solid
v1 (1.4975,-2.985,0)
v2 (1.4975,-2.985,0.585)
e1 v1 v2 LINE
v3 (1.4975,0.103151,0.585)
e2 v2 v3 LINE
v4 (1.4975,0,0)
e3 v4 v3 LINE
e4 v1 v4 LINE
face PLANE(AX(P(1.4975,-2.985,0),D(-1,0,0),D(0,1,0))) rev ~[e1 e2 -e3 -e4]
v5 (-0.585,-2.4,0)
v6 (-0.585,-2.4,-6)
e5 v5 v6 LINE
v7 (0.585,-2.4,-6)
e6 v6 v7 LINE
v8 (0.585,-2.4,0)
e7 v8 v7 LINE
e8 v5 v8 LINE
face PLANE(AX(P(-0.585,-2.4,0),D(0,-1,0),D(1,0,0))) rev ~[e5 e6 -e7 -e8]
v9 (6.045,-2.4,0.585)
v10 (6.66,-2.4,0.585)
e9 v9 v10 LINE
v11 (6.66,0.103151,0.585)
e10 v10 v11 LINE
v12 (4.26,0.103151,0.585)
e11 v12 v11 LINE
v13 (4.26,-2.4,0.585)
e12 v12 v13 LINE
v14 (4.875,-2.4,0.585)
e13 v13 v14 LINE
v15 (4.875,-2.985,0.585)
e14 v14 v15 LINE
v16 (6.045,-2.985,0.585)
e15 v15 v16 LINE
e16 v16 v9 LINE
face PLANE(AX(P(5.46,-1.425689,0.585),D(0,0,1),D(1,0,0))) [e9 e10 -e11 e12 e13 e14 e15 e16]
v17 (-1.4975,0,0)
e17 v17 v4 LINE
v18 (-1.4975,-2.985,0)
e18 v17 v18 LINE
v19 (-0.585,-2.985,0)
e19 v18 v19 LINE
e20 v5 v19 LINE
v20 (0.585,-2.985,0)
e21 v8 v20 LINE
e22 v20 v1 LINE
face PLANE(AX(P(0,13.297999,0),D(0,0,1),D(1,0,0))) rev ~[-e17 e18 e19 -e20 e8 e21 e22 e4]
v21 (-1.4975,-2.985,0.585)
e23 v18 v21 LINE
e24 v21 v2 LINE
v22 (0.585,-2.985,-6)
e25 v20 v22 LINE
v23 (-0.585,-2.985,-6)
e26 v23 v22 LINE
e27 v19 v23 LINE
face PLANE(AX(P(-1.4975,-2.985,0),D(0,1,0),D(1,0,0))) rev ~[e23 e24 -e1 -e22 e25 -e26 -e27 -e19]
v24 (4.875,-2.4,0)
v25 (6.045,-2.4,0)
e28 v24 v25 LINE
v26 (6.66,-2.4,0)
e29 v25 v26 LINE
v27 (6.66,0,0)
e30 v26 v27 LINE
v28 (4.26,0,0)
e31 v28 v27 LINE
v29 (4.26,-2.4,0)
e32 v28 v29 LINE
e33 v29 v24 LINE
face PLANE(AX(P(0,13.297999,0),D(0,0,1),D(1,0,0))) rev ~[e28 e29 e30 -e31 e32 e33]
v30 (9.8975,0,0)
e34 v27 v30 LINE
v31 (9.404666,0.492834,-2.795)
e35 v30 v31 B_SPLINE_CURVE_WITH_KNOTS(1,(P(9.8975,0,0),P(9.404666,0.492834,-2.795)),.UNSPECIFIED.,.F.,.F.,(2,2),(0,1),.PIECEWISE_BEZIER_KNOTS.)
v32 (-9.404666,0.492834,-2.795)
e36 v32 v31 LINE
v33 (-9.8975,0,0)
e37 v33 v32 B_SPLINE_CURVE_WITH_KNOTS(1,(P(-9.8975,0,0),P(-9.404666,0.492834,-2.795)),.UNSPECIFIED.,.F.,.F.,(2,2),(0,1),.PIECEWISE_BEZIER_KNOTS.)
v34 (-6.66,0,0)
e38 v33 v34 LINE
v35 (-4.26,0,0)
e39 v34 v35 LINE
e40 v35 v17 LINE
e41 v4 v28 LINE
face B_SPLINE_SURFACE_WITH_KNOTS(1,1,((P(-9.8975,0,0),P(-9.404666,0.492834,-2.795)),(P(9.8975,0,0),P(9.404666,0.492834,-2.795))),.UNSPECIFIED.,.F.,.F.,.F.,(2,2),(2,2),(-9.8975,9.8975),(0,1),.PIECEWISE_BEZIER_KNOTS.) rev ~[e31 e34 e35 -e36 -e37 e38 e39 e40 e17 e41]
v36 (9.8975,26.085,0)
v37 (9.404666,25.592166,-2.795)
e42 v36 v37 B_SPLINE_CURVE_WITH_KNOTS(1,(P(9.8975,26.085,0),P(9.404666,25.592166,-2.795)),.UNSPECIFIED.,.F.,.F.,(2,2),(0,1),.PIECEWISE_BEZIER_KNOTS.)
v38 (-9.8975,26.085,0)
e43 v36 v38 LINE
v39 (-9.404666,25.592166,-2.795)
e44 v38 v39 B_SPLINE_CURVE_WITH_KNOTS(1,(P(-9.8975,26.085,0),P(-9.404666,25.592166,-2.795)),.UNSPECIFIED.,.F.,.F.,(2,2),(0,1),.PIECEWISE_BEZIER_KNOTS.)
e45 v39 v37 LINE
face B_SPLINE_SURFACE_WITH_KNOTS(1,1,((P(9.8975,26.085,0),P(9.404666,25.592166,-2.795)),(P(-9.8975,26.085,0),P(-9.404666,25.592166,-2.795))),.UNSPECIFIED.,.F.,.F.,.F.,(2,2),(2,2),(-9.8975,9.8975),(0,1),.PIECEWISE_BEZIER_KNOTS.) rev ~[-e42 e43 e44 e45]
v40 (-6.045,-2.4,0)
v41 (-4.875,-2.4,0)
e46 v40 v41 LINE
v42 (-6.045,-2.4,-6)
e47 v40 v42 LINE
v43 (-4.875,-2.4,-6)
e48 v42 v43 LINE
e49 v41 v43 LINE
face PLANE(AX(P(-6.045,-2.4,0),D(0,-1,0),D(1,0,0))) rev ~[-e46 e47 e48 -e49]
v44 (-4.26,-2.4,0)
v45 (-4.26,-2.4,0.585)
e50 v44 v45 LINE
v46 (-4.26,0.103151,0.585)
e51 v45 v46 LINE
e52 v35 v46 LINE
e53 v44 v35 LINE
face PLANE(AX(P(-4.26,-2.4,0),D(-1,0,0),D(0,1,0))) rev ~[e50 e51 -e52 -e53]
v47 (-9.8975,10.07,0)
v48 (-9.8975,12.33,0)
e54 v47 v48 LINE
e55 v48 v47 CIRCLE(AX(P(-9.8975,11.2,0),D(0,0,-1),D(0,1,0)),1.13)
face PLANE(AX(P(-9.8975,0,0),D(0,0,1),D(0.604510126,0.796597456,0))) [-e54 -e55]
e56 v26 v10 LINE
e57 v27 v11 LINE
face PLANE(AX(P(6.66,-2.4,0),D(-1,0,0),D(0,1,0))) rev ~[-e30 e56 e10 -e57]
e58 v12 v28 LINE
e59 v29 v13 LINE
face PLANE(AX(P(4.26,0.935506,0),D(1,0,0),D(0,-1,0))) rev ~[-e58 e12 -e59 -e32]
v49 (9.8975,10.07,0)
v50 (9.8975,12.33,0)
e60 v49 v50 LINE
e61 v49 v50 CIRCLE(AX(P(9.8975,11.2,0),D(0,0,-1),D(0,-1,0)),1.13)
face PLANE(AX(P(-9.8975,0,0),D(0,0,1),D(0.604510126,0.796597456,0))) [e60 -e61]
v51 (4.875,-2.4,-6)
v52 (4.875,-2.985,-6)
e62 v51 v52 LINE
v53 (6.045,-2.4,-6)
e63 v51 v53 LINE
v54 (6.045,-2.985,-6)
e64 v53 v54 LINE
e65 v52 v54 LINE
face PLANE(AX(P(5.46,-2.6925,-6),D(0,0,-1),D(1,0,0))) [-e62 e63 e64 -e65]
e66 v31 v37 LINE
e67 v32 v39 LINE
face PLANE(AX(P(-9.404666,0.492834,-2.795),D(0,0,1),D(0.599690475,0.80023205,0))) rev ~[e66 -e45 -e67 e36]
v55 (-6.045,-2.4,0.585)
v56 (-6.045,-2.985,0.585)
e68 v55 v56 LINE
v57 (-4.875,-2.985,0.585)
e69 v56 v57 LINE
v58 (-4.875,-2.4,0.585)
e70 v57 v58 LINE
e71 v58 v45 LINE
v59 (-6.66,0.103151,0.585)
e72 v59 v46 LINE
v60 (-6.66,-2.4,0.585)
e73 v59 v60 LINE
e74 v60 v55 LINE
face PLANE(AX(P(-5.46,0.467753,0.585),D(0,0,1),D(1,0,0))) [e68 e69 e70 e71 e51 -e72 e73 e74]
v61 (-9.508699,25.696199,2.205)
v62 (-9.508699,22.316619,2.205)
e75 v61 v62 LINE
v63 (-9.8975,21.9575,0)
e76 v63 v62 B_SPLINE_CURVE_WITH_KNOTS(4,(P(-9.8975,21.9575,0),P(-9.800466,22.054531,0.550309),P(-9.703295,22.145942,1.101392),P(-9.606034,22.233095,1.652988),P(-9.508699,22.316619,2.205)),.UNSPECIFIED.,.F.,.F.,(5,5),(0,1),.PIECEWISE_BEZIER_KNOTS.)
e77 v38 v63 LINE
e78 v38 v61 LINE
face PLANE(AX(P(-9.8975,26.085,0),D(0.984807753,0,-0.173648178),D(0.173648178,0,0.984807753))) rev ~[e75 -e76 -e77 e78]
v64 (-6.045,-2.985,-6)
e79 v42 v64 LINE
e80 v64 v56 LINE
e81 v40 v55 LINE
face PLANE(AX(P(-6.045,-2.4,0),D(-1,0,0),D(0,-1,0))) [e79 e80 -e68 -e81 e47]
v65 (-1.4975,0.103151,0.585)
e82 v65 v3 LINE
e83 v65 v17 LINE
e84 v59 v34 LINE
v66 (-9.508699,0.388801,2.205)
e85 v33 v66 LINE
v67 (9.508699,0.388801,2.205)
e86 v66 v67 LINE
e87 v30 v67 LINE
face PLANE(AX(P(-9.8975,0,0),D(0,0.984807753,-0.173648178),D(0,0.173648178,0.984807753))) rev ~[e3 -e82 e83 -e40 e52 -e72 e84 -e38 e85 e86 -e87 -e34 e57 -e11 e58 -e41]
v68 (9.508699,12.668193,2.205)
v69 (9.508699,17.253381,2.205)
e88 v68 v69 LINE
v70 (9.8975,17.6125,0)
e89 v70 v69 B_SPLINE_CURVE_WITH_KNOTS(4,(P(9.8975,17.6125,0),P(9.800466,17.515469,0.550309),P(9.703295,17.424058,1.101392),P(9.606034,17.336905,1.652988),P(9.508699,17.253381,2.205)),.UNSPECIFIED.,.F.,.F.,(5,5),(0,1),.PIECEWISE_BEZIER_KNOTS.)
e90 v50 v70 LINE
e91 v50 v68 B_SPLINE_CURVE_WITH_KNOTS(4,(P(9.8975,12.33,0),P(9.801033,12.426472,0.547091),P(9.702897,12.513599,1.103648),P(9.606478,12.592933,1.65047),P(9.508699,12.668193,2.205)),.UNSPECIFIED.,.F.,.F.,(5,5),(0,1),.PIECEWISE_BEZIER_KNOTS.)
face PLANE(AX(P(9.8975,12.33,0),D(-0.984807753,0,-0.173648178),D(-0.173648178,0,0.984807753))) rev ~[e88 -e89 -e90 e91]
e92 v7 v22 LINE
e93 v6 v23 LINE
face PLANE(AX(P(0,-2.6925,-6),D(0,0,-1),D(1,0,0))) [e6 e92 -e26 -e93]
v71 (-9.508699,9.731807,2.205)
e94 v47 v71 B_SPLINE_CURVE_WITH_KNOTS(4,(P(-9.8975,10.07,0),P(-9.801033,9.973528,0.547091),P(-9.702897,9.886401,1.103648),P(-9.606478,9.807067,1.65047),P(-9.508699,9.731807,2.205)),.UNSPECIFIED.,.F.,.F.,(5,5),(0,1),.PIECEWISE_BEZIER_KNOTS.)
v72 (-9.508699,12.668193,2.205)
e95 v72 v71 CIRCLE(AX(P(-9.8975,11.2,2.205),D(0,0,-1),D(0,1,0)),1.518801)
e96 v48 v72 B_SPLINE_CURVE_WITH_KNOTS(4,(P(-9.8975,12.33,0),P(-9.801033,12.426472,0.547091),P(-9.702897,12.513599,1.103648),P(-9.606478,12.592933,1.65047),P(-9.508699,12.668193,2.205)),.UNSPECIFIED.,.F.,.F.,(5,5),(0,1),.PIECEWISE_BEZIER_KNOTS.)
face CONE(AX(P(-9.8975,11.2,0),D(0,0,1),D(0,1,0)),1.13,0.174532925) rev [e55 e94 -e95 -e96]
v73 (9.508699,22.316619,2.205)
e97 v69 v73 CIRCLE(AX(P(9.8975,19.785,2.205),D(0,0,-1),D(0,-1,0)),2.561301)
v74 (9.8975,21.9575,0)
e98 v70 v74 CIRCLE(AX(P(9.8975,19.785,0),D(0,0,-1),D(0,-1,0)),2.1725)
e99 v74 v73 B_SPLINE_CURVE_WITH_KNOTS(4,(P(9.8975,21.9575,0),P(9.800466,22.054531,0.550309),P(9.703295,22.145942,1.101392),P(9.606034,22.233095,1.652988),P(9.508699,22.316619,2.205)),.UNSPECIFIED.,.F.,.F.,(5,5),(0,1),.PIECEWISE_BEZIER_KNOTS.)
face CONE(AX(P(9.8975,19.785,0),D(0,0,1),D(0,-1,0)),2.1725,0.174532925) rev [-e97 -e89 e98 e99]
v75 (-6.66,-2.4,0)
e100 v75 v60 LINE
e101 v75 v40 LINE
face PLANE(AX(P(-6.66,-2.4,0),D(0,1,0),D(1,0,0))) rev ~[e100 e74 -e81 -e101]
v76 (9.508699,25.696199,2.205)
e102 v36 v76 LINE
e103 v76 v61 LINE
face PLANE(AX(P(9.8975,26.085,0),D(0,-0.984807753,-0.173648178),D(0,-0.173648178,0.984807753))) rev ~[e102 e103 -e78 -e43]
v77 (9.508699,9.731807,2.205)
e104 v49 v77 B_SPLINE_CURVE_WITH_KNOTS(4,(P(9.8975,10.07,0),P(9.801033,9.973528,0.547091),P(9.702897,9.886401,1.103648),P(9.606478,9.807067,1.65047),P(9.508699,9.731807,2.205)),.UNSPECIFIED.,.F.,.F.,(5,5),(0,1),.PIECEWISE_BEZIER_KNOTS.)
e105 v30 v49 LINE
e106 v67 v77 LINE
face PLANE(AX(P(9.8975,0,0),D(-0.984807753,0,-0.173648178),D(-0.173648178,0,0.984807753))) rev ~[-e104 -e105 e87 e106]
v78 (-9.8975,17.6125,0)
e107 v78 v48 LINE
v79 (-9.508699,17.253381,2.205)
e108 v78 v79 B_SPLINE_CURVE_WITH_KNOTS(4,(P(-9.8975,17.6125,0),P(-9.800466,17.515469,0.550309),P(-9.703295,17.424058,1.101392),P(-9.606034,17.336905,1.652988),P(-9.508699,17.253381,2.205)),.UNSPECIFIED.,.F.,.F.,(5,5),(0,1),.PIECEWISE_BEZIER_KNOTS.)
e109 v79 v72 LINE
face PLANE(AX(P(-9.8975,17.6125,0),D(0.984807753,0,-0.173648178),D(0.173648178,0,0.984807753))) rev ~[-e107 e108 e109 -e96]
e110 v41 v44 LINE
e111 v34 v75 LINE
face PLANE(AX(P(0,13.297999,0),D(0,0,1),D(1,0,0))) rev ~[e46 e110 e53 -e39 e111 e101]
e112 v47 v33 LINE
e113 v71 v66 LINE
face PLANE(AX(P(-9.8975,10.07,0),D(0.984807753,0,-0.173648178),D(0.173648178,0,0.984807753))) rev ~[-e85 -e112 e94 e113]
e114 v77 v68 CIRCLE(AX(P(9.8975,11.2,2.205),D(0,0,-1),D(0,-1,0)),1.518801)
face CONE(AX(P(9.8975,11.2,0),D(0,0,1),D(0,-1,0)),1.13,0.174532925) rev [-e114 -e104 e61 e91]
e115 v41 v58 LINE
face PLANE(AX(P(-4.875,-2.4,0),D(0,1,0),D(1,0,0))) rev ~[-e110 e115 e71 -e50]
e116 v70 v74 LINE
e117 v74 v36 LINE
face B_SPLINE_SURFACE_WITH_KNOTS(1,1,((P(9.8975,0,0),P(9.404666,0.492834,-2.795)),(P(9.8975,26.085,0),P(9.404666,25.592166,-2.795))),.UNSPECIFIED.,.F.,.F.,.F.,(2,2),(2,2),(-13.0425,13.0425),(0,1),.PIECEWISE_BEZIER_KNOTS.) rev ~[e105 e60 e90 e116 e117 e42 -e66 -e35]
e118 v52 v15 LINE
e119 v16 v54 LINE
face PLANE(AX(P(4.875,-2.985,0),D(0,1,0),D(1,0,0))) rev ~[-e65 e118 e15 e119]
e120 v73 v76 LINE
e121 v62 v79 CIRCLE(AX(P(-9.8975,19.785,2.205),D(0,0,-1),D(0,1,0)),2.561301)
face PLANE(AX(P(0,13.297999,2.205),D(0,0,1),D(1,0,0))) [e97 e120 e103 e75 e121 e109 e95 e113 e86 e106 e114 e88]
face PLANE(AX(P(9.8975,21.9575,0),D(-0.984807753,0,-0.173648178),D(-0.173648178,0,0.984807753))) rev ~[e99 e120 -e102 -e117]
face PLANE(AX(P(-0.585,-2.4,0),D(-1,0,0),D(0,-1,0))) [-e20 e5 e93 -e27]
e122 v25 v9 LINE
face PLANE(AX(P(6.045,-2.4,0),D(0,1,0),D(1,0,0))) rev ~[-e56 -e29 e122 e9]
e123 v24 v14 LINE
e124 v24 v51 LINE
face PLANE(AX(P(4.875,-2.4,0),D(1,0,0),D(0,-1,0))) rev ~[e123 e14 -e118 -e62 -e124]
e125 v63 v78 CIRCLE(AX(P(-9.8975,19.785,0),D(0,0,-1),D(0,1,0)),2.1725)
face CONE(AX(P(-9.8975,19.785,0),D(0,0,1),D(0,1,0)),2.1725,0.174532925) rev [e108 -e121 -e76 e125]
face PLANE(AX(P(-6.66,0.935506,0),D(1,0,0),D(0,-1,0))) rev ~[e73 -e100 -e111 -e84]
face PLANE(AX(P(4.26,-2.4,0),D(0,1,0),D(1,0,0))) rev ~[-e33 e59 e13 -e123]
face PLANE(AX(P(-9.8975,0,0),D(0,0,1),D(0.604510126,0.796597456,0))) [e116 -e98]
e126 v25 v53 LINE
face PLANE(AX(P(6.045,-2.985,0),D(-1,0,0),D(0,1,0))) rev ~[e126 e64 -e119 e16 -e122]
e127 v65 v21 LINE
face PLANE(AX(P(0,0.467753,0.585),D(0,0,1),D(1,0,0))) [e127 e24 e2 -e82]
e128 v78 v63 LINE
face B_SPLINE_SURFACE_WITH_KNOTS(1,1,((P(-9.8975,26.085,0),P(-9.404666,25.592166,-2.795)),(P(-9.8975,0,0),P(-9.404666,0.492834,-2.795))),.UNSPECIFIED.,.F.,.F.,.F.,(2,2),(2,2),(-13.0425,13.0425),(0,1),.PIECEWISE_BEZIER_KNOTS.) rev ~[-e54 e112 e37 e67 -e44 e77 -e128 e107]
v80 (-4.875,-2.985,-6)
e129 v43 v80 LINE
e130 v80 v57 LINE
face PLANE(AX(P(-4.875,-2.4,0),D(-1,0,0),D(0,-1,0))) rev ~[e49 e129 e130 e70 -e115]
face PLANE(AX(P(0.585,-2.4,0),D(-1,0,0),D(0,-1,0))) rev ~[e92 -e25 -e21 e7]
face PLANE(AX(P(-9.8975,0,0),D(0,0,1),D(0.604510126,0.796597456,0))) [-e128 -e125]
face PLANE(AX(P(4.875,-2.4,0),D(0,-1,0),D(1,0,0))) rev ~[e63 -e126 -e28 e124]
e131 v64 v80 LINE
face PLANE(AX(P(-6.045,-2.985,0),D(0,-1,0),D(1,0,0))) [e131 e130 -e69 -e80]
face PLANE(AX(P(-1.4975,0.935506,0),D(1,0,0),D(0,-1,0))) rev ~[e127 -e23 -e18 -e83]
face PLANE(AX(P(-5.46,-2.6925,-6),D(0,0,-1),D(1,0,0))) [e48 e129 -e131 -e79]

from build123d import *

# Parameters (mm, degrees)
F4_DEPTH  = 2.205
F4_TAPER  = 10
F5_W      = 2.995
F5_H      = 0.9355060756
F5_H_2    = 2.985
F5_W_2    = 2.4
F6_DEPTH  = 0.585
F7_W      = 19.795
F7_H      = 26.085
F8_DEPTH  = 2.795
F8_TAPER  = 10
F9_W      = 1.17
F9_H      = 0.585
F10_DEPTH = 6


with BuildPart() as f4:
    # F3 (on Top) → F4 (new body)
    with BuildSketch(Plane.XY):
        with BuildLine():
            Line((9.8975, 21.9575), (9.8975, 26.085))
            Line((9.8975, 26.085), (-9.8975, 26.085))
            Line((-9.8975, 26.085), (-9.8975, 21.9575))
            ThreePointArc((-9.8975, 21.9575), (-7.725, 19.785), (-9.8975, 17.6125))
            Line((-9.8975, 17.6125), (-9.8975, 12.33))
            ThreePointArc((-9.8975, 12.33), (-8.7675, 11.2), (-9.8975, 10.07))
            Line((-9.8975, 10.07), (-9.8975, 0))
            Line((-9.8975, 0), (9.8975, 0))
            Line((9.8975, 0), (9.8975, 10.07))
            ThreePointArc((9.8975, 10.07), (8.7675, 11.2), (9.8975, 12.33))
            Line((9.8975, 12.33), (9.8975, 17.6125))
            ThreePointArc((9.8975, 17.6125), (7.725, 19.785), (9.8975, 21.9575))
        make_face()
    extrude(amount=F4_DEPTH, taper=F4_TAPER)

    # F5 (on face) → F6 (join)
    with BuildSketch(Plane.XY):
        with Locations((0, 0.4677530378)):
            Rectangle(F5_W, F5_H)
        with Locations((0, -1.4925)):
            Rectangle(F5_W, F5_H_2)
        with Locations((-5.46, 0.4677530378)):
            Rectangle(F5_W_2, F5_H)
        Polygon((-4.26, 0), (-6.66, 0), (-6.66, -2.4), (-6.045, -2.4), (-6.045, -2.985), (-4.875, -2.985), (-4.875, -2.4), (-4.26, -2.4), align=None)
        Polygon((4.875, -2.985), (6.045, -2.985), (6.045, -2.4), (6.66, -2.4), (6.66, 0), (4.26, 0), (4.26, -2.4), (4.875, -2.4), align=None)
        with Locations((5.46, 0.4677530378)):
            Rectangle(F5_W_2, F5_H)
    extrude(amount=F6_DEPTH)

    # F7 (on face) → F8 (join)
    with BuildSketch(Plane.XY):
        with Locations((0, 13.0425)):
            Rectangle(F7_W, F7_H)
    extrude(amount=-F8_DEPTH, taper=F8_TAPER)

    # F9 (on face) → F10 (join)
    with BuildSketch(Plane(origin=(0, 0, 0), x_dir=(1, 0, 0), z_dir=(0, 0, -1))):
        with Locations((0, 2.6925)):
            Rectangle(F9_W, F9_H)
        with Locations((-5.46, 2.6925)):
            Rectangle(F9_W, F9_H)
        with Locations((5.46, 2.6925)):
            Rectangle(F9_W, F9_H)
    extrude(amount=F10_DEPTH)


solid = f4.part
